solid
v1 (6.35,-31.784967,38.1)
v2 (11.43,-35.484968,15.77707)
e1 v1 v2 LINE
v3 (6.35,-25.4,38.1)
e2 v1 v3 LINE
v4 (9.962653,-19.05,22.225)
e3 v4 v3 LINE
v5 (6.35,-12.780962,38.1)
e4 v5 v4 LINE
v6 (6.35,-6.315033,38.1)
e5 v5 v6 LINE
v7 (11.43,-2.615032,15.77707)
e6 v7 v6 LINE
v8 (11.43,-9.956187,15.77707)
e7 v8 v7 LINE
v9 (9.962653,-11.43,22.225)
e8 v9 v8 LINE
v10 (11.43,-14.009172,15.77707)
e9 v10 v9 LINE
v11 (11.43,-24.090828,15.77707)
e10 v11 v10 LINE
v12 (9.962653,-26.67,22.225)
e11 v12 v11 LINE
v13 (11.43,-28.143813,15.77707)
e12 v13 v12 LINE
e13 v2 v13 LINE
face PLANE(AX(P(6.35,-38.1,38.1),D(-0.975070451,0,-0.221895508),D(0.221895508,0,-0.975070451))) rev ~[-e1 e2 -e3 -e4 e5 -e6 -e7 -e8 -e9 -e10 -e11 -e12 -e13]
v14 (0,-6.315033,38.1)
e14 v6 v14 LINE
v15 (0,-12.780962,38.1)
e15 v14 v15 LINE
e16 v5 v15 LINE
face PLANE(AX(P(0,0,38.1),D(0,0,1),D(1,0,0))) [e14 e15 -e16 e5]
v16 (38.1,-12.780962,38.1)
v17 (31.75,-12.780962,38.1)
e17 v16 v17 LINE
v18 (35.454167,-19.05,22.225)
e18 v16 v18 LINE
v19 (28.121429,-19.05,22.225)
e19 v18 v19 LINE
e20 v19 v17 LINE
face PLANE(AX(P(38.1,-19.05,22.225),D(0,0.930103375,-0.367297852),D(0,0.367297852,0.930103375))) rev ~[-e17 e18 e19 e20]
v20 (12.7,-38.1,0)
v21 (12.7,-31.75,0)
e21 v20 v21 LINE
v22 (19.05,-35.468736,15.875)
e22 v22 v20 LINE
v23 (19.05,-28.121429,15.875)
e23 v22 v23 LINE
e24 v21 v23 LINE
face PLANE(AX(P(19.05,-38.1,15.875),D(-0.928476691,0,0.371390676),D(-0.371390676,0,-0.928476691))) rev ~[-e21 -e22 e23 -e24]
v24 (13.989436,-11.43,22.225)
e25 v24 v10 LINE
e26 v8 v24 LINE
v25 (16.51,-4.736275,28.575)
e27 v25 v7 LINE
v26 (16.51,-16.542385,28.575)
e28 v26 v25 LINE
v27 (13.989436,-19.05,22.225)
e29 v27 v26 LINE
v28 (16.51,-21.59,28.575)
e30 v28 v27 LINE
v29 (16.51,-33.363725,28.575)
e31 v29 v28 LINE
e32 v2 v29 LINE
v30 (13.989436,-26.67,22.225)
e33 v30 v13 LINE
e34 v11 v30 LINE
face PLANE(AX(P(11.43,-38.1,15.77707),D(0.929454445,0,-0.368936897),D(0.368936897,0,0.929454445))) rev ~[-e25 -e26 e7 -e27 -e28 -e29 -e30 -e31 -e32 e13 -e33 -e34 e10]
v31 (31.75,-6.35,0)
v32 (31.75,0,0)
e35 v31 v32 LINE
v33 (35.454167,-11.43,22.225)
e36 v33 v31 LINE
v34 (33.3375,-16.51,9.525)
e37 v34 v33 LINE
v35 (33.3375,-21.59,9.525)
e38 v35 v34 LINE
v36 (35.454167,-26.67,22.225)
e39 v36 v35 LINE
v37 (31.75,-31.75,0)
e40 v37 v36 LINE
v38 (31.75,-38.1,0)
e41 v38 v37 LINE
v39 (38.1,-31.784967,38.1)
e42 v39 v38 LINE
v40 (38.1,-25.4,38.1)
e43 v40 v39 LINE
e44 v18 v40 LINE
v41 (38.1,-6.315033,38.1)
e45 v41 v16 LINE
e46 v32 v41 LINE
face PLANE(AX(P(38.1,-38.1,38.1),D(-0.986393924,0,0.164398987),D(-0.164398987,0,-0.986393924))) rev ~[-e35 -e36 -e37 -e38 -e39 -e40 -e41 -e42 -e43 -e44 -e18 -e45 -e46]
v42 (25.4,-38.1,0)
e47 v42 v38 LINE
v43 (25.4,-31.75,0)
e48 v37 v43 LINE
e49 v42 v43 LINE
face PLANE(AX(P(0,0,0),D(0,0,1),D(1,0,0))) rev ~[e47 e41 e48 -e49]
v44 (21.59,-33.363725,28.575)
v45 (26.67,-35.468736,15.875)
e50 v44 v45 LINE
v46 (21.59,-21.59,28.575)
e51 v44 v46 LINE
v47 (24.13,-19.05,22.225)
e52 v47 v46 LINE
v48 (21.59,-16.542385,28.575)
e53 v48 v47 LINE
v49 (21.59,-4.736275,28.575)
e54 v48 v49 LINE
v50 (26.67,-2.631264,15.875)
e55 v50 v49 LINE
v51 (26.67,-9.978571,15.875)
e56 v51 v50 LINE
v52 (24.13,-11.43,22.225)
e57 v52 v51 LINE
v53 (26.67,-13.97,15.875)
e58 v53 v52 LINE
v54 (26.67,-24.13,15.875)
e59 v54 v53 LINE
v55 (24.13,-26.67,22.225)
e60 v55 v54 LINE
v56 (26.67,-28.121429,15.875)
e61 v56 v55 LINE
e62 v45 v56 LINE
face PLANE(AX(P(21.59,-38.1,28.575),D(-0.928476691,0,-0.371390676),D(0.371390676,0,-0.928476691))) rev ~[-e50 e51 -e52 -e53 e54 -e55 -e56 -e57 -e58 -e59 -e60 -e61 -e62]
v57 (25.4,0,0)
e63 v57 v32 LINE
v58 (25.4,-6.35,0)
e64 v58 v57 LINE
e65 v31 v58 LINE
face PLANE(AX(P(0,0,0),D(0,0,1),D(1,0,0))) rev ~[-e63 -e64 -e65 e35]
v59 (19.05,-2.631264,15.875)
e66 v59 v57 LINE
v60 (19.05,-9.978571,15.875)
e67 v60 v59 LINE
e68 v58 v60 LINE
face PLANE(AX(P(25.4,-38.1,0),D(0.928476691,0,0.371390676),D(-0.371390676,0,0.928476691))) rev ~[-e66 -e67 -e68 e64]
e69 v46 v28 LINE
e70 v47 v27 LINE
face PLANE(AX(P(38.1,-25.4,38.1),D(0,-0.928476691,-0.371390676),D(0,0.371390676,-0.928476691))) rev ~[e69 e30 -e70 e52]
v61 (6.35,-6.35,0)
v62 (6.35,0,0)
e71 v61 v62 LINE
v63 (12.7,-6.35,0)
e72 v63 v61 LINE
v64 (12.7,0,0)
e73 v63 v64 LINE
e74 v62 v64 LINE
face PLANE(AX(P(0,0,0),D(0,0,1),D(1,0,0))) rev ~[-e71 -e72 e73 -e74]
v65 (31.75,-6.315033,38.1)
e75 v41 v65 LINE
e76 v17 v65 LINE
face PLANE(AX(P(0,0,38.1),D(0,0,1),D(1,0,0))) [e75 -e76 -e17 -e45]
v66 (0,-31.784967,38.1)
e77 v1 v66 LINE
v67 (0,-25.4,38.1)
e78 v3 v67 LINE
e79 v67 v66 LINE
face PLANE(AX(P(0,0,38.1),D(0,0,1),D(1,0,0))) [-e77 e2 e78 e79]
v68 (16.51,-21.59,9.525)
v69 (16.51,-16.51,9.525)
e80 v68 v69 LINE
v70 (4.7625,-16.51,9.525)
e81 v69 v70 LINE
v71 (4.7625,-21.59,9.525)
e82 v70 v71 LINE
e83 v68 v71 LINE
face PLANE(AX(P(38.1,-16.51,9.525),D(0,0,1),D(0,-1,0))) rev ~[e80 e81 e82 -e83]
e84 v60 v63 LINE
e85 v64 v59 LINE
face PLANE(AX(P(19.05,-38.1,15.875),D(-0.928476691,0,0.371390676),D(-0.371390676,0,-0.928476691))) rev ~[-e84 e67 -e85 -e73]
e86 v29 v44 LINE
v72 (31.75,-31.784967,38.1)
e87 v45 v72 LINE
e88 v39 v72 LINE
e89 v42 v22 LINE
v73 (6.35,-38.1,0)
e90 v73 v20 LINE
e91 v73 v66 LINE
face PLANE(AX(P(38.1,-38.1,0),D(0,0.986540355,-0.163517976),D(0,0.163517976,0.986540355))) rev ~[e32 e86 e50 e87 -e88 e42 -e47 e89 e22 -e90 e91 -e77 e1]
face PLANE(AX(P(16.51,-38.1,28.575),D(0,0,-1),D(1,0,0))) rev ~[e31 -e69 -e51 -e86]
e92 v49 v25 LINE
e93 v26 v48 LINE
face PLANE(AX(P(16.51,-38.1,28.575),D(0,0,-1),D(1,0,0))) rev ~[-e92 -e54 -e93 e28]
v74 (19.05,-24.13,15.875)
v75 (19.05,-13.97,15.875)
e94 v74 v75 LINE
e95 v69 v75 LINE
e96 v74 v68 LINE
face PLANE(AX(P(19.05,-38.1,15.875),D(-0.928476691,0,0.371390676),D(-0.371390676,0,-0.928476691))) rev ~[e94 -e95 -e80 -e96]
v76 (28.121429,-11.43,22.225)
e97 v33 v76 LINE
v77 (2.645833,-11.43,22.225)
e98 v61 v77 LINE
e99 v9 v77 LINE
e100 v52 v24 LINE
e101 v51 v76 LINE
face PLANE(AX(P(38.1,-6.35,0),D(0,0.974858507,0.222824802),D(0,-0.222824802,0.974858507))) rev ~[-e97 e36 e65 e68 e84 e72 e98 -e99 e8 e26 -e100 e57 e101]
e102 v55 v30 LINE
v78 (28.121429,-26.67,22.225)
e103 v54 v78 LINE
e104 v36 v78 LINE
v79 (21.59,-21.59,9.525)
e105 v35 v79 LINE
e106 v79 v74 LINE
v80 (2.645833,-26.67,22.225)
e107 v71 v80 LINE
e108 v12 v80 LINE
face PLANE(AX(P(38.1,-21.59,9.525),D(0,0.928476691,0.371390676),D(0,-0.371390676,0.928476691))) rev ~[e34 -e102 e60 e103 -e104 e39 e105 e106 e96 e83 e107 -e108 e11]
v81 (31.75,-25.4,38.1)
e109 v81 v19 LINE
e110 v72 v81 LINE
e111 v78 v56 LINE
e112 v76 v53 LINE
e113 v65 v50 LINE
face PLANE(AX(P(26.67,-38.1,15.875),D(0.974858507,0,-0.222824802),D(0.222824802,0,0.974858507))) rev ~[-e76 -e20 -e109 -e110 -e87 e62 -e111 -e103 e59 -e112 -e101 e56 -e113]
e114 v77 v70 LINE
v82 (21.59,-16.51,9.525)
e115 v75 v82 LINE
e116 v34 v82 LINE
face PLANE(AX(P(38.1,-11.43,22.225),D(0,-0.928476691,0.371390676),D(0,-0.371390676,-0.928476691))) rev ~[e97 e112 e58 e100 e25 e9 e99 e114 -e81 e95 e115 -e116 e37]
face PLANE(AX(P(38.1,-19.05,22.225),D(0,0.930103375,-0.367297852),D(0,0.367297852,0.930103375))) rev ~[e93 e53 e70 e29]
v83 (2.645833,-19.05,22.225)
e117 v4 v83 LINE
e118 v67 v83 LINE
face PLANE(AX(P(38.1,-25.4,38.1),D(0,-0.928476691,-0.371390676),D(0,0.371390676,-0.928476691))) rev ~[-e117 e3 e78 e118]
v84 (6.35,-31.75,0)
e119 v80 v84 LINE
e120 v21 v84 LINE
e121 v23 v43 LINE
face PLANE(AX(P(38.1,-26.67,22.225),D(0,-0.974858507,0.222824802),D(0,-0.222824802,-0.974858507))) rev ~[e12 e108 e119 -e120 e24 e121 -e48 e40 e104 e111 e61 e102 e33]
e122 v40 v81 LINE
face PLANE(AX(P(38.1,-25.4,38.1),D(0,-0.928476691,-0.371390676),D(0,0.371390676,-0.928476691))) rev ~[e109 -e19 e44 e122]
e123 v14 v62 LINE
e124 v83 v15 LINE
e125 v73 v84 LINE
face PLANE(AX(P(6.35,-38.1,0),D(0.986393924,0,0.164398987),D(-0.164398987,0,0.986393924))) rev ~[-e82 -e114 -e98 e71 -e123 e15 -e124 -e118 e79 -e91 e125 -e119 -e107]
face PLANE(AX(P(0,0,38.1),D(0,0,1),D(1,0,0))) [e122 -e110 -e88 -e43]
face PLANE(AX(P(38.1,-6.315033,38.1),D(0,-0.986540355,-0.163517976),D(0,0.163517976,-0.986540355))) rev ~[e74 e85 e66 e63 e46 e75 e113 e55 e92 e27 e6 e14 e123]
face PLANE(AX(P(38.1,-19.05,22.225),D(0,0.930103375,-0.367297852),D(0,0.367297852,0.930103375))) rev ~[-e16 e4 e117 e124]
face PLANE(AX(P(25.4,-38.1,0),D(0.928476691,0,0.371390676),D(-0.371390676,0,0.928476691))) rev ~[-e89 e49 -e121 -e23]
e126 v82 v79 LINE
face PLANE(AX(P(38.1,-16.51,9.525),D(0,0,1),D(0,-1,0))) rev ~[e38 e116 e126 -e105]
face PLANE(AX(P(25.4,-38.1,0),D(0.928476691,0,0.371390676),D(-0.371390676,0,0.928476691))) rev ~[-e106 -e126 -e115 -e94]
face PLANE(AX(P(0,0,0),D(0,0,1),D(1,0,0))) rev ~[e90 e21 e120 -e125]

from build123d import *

# Parameters (mm, degrees)
F0_W     = 38.1
F0_H     = 38.1
F1_DEPTH = 38.1
F6_DEPTH = 38.1
F8_DEPTH = 38.1


with BuildPart() as f1:
    # F0 (on Front) → F1 (new body)
    with BuildSketch(Plane.XZ):
        with Locations((19.05, 19.05)):
            Rectangle(F0_W, F0_H)
    extrude(amount=F1_DEPTH)

    # F5 (on offset) → F6 (cut)
    with BuildSketch(Plane.XZ.offset(38.1)):
        Polygon((0, 38.1), (0, 0), (6.35, 0), align=None)
        Polygon((31.75, 38.1), (6.35, 38.1), (11.43, 15.77707), (16.51, 28.575), (21.59, 28.575), (26.67, 15.875), align=None)
        Polygon((38.1, 0), (38.1, 38.1), (31.75, 0), align=None)
        Polygon((19.05, 15.875), (12.7, 0), (25.4, 0), align=None)
    extrude(amount=-F6_DEPTH, mode=Mode.SUBTRACT)

    # F7 (on offset) → F8 (cut)
    with BuildSketch(Plane.YZ.offset(38.1)):
        Polygon((-38.1, 38.1), (-38.1, 0), (-31.784967, 38.1), align=None)
        Polygon((-26.67, 22.225), (-31.75, 0), (-6.35, 0), (-11.43, 22.225), (-16.51, 9.525), (-21.59, 9.525), align=None)
        Polygon((-12.780962, 38.1), (-25.4, 38.1), (-19.05, 22.225), align=None)
        Polygon((-6.315033, 38.1), (0, 0), (0, 38.1), align=None)
    extrude(amount=-F8_DEPTH, mode=Mode.SUBTRACT)


solid = f1.part
